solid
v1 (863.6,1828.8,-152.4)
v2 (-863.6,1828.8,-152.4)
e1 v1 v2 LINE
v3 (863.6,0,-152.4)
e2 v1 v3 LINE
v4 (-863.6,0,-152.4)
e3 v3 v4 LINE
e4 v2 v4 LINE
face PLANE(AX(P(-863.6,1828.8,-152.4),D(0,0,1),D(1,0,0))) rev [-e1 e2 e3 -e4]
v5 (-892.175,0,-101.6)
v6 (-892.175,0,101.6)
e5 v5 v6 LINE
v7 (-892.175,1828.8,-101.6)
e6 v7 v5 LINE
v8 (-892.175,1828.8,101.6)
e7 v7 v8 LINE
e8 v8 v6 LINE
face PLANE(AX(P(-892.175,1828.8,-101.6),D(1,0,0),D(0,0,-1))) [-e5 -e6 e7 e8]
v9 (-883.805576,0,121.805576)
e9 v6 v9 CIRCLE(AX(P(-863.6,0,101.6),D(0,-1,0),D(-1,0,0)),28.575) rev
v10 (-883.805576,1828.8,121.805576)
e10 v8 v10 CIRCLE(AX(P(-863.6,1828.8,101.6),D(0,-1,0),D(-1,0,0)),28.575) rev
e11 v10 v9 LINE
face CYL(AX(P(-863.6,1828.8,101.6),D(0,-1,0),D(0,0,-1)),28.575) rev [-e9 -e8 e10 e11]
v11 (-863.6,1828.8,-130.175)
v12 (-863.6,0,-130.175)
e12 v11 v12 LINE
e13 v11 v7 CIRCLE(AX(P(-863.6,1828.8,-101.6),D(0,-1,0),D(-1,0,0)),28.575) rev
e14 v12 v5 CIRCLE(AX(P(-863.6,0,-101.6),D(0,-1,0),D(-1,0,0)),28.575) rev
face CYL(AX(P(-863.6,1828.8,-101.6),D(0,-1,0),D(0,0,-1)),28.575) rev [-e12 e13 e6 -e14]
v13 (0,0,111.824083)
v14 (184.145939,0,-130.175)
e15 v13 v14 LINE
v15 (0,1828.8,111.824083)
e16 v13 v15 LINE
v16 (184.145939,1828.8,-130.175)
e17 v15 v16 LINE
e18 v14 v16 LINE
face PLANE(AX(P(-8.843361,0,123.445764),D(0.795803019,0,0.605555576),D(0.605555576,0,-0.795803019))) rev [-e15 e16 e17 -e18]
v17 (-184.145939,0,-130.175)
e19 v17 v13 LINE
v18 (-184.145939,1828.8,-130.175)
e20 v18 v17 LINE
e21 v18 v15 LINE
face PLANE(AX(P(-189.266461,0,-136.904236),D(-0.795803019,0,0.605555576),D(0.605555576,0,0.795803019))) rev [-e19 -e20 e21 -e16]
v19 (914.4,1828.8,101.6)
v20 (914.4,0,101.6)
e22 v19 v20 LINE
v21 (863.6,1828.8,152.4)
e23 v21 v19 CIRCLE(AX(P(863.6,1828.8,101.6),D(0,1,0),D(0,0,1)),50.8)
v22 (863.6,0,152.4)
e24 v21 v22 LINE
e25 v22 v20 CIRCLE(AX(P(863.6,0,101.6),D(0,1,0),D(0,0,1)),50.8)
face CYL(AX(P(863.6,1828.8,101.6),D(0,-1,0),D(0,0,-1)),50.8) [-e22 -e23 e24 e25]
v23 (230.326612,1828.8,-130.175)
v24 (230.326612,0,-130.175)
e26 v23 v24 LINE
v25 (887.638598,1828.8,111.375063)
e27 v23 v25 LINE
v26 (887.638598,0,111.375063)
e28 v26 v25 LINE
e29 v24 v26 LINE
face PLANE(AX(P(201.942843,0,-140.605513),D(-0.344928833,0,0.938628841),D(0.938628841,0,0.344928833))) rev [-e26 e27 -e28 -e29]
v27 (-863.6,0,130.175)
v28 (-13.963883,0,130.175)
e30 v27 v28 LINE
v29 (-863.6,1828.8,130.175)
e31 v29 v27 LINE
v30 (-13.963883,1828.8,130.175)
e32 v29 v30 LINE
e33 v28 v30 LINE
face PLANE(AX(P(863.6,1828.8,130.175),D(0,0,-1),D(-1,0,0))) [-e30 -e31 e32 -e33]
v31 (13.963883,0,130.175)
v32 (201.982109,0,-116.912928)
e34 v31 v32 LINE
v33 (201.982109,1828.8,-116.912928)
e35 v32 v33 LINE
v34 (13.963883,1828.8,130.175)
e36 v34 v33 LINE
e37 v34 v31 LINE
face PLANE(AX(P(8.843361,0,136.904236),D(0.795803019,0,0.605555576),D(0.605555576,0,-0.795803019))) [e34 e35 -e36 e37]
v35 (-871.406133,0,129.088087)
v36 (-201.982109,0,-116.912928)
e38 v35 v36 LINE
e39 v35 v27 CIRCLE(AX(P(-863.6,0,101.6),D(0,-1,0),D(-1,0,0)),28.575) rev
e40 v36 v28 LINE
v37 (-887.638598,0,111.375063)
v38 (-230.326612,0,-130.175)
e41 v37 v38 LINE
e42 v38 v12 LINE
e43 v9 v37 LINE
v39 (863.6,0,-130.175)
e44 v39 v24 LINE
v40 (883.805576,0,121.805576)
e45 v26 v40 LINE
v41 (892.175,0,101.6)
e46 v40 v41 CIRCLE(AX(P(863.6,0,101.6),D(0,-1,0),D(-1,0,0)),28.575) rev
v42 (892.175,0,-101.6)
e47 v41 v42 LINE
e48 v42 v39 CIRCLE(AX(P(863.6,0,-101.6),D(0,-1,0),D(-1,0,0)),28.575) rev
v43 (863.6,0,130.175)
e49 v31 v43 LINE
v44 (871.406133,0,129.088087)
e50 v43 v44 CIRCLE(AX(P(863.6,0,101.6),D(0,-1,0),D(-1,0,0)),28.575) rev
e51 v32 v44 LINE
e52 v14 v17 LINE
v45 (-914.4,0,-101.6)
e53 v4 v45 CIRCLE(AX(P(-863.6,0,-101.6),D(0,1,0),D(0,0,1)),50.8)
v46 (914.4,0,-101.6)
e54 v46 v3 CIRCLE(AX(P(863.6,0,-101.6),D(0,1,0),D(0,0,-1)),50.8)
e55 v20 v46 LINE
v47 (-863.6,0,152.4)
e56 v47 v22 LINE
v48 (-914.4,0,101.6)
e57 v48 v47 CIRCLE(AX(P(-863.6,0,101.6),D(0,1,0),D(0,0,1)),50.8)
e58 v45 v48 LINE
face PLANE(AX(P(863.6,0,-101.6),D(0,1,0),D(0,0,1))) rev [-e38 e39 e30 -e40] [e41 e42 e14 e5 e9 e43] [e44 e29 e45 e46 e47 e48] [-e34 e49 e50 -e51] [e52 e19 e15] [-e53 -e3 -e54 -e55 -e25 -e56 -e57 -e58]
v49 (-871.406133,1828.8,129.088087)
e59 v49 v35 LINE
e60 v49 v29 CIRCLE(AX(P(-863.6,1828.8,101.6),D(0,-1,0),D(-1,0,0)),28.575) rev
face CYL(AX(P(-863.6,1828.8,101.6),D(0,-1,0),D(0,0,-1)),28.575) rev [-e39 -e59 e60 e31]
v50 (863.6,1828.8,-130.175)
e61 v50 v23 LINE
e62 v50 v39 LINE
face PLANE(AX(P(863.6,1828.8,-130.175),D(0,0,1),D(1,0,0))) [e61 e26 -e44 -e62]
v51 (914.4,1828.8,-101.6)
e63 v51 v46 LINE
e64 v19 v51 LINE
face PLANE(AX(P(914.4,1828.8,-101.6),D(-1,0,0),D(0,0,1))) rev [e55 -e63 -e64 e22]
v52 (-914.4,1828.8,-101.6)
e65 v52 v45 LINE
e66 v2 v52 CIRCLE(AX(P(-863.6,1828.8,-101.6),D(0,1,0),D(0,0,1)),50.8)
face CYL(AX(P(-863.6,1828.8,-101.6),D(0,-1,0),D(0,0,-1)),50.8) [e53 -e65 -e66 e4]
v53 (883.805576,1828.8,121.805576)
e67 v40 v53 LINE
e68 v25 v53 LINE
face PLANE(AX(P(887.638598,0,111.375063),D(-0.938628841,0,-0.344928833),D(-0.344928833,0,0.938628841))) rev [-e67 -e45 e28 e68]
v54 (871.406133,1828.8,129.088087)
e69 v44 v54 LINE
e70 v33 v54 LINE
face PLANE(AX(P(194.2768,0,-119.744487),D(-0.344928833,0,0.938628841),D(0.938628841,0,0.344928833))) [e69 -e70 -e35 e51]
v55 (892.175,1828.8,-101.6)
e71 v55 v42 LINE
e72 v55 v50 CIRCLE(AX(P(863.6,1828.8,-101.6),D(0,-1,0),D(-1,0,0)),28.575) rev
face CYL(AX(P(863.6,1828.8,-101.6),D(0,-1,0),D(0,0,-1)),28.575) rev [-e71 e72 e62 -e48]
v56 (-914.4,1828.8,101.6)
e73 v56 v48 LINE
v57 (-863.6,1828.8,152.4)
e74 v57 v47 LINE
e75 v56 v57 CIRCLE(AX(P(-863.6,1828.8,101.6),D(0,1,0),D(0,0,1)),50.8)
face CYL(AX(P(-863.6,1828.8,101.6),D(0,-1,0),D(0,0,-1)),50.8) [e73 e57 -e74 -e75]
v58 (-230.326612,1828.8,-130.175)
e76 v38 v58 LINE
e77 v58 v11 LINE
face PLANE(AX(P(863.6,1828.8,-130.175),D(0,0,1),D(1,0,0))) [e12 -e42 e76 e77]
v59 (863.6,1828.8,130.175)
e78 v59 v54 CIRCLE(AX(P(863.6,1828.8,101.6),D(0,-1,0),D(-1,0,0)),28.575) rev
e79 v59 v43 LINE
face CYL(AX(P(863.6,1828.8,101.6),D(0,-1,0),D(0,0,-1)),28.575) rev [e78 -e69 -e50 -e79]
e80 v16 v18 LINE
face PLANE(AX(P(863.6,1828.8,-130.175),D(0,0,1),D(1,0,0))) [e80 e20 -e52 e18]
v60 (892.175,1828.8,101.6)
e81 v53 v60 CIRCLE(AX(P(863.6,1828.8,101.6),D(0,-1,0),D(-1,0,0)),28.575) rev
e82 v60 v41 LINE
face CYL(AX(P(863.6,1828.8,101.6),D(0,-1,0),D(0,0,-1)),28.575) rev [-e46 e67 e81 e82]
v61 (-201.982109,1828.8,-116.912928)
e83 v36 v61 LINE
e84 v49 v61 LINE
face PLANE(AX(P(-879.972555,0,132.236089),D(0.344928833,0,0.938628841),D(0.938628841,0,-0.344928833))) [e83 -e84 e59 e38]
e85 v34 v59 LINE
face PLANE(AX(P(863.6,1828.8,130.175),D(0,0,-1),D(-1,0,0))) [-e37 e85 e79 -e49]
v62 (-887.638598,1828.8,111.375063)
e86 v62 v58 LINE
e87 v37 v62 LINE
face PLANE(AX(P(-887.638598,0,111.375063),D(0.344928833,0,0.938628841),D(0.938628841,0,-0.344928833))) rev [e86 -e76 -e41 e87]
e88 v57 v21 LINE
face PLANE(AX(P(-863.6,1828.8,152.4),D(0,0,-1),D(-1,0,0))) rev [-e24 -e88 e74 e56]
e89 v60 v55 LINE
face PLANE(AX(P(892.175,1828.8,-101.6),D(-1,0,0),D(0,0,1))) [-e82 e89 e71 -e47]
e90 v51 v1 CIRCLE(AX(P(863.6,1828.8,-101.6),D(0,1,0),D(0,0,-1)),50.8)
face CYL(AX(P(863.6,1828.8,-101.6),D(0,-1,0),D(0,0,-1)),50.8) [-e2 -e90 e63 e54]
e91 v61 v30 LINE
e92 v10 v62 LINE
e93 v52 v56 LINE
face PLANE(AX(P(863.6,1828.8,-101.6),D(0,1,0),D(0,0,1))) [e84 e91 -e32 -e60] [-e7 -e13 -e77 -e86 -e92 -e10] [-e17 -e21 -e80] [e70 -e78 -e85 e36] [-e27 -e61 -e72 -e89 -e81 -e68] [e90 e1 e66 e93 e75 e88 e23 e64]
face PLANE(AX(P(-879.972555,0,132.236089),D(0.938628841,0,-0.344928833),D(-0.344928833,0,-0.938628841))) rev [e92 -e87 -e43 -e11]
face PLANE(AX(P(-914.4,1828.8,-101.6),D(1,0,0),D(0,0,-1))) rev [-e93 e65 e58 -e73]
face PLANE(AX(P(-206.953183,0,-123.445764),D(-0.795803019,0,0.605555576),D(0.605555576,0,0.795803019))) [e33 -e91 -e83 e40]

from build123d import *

# Parameters (mm, degrees)
EXTRUDE_THIN1_DEPTH = 1828.8
EXTRUDE_THIN3_DEPTH = 1828.8


with BuildPart() as part:
    # Sketch1 → Extrude-Thin1 (new body)
    with BuildSketch(Plane(origin=(0, 0, 0), x_dir=(1, 0, 0), z_dir=(0, 1, 0))):
        with BuildLine():
            Line((-863.6, 152.4), (863.6, 152.4))
            ThreePointArc((863.6, 152.4), (899.521024484, 137.521024484), (914.4, 101.6))
            Line((914.4, 101.6), (914.4, -101.6))
            ThreePointArc((914.4, -101.6), (899.521024484, -137.521024484), (863.6, -152.4))
            Line((863.6, -152.4), (-863.6, -152.4))
            ThreePointArc((-863.6, -152.4), (-899.521024484, -137.521024484), (-914.4, -101.6))
            Line((-914.4, -101.6), (-914.4, 101.6))
            ThreePointArc((-914.4, 101.6), (-899.521024484, 137.521024484), (-863.6, 152.4))
        make_face()
        with BuildLine():
            Line((-863.6, 130.175), (863.6, 130.175))
            ThreePointArc((863.6, 130.175), (883.805576272, 121.805576272), (892.175, 101.6))
            Line((892.175, 101.6), (892.175, -101.6))
            ThreePointArc((892.175, -101.6), (883.805576272, -121.805576272), (863.6, -130.175))
            Line((863.6, -130.175), (-863.6, -130.175))
            ThreePointArc((-863.6, -130.175), (-883.805576272, -121.805576272), (-892.175, -101.6))
            Line((-892.175, -101.6), (-892.175, 101.6))
            ThreePointArc((-892.175, 101.6), (-883.805576272, 121.805576272), (-863.6, 130.175))
        make_face(mode=Mode.SUBTRACT)
    extrude(amount=EXTRUDE_THIN1_DEPTH)

    # Sketch2 → Extrude-Thin3 (add)
    with BuildSketch(Plane(origin=(0, 1828.8, 0), x_dir=(1, 0, 0), z_dir=(0, 1, 0))):
        Polygon((-879.97255462, -132.236089264), (-201.982109296, 116.912927618), (0, -148.525916816), (201.982109296, 116.912927618), (879.97255462, -132.236089264), (887.638597925, -111.375063281), (194.237534197, 143.437072382), (0, -111.824083184), (-194.237534197, 143.437072382), (-887.638597925, -111.375063281), align=None)
    extrude(amount=-EXTRUDE_THIN3_DEPTH)


solid = part.part
